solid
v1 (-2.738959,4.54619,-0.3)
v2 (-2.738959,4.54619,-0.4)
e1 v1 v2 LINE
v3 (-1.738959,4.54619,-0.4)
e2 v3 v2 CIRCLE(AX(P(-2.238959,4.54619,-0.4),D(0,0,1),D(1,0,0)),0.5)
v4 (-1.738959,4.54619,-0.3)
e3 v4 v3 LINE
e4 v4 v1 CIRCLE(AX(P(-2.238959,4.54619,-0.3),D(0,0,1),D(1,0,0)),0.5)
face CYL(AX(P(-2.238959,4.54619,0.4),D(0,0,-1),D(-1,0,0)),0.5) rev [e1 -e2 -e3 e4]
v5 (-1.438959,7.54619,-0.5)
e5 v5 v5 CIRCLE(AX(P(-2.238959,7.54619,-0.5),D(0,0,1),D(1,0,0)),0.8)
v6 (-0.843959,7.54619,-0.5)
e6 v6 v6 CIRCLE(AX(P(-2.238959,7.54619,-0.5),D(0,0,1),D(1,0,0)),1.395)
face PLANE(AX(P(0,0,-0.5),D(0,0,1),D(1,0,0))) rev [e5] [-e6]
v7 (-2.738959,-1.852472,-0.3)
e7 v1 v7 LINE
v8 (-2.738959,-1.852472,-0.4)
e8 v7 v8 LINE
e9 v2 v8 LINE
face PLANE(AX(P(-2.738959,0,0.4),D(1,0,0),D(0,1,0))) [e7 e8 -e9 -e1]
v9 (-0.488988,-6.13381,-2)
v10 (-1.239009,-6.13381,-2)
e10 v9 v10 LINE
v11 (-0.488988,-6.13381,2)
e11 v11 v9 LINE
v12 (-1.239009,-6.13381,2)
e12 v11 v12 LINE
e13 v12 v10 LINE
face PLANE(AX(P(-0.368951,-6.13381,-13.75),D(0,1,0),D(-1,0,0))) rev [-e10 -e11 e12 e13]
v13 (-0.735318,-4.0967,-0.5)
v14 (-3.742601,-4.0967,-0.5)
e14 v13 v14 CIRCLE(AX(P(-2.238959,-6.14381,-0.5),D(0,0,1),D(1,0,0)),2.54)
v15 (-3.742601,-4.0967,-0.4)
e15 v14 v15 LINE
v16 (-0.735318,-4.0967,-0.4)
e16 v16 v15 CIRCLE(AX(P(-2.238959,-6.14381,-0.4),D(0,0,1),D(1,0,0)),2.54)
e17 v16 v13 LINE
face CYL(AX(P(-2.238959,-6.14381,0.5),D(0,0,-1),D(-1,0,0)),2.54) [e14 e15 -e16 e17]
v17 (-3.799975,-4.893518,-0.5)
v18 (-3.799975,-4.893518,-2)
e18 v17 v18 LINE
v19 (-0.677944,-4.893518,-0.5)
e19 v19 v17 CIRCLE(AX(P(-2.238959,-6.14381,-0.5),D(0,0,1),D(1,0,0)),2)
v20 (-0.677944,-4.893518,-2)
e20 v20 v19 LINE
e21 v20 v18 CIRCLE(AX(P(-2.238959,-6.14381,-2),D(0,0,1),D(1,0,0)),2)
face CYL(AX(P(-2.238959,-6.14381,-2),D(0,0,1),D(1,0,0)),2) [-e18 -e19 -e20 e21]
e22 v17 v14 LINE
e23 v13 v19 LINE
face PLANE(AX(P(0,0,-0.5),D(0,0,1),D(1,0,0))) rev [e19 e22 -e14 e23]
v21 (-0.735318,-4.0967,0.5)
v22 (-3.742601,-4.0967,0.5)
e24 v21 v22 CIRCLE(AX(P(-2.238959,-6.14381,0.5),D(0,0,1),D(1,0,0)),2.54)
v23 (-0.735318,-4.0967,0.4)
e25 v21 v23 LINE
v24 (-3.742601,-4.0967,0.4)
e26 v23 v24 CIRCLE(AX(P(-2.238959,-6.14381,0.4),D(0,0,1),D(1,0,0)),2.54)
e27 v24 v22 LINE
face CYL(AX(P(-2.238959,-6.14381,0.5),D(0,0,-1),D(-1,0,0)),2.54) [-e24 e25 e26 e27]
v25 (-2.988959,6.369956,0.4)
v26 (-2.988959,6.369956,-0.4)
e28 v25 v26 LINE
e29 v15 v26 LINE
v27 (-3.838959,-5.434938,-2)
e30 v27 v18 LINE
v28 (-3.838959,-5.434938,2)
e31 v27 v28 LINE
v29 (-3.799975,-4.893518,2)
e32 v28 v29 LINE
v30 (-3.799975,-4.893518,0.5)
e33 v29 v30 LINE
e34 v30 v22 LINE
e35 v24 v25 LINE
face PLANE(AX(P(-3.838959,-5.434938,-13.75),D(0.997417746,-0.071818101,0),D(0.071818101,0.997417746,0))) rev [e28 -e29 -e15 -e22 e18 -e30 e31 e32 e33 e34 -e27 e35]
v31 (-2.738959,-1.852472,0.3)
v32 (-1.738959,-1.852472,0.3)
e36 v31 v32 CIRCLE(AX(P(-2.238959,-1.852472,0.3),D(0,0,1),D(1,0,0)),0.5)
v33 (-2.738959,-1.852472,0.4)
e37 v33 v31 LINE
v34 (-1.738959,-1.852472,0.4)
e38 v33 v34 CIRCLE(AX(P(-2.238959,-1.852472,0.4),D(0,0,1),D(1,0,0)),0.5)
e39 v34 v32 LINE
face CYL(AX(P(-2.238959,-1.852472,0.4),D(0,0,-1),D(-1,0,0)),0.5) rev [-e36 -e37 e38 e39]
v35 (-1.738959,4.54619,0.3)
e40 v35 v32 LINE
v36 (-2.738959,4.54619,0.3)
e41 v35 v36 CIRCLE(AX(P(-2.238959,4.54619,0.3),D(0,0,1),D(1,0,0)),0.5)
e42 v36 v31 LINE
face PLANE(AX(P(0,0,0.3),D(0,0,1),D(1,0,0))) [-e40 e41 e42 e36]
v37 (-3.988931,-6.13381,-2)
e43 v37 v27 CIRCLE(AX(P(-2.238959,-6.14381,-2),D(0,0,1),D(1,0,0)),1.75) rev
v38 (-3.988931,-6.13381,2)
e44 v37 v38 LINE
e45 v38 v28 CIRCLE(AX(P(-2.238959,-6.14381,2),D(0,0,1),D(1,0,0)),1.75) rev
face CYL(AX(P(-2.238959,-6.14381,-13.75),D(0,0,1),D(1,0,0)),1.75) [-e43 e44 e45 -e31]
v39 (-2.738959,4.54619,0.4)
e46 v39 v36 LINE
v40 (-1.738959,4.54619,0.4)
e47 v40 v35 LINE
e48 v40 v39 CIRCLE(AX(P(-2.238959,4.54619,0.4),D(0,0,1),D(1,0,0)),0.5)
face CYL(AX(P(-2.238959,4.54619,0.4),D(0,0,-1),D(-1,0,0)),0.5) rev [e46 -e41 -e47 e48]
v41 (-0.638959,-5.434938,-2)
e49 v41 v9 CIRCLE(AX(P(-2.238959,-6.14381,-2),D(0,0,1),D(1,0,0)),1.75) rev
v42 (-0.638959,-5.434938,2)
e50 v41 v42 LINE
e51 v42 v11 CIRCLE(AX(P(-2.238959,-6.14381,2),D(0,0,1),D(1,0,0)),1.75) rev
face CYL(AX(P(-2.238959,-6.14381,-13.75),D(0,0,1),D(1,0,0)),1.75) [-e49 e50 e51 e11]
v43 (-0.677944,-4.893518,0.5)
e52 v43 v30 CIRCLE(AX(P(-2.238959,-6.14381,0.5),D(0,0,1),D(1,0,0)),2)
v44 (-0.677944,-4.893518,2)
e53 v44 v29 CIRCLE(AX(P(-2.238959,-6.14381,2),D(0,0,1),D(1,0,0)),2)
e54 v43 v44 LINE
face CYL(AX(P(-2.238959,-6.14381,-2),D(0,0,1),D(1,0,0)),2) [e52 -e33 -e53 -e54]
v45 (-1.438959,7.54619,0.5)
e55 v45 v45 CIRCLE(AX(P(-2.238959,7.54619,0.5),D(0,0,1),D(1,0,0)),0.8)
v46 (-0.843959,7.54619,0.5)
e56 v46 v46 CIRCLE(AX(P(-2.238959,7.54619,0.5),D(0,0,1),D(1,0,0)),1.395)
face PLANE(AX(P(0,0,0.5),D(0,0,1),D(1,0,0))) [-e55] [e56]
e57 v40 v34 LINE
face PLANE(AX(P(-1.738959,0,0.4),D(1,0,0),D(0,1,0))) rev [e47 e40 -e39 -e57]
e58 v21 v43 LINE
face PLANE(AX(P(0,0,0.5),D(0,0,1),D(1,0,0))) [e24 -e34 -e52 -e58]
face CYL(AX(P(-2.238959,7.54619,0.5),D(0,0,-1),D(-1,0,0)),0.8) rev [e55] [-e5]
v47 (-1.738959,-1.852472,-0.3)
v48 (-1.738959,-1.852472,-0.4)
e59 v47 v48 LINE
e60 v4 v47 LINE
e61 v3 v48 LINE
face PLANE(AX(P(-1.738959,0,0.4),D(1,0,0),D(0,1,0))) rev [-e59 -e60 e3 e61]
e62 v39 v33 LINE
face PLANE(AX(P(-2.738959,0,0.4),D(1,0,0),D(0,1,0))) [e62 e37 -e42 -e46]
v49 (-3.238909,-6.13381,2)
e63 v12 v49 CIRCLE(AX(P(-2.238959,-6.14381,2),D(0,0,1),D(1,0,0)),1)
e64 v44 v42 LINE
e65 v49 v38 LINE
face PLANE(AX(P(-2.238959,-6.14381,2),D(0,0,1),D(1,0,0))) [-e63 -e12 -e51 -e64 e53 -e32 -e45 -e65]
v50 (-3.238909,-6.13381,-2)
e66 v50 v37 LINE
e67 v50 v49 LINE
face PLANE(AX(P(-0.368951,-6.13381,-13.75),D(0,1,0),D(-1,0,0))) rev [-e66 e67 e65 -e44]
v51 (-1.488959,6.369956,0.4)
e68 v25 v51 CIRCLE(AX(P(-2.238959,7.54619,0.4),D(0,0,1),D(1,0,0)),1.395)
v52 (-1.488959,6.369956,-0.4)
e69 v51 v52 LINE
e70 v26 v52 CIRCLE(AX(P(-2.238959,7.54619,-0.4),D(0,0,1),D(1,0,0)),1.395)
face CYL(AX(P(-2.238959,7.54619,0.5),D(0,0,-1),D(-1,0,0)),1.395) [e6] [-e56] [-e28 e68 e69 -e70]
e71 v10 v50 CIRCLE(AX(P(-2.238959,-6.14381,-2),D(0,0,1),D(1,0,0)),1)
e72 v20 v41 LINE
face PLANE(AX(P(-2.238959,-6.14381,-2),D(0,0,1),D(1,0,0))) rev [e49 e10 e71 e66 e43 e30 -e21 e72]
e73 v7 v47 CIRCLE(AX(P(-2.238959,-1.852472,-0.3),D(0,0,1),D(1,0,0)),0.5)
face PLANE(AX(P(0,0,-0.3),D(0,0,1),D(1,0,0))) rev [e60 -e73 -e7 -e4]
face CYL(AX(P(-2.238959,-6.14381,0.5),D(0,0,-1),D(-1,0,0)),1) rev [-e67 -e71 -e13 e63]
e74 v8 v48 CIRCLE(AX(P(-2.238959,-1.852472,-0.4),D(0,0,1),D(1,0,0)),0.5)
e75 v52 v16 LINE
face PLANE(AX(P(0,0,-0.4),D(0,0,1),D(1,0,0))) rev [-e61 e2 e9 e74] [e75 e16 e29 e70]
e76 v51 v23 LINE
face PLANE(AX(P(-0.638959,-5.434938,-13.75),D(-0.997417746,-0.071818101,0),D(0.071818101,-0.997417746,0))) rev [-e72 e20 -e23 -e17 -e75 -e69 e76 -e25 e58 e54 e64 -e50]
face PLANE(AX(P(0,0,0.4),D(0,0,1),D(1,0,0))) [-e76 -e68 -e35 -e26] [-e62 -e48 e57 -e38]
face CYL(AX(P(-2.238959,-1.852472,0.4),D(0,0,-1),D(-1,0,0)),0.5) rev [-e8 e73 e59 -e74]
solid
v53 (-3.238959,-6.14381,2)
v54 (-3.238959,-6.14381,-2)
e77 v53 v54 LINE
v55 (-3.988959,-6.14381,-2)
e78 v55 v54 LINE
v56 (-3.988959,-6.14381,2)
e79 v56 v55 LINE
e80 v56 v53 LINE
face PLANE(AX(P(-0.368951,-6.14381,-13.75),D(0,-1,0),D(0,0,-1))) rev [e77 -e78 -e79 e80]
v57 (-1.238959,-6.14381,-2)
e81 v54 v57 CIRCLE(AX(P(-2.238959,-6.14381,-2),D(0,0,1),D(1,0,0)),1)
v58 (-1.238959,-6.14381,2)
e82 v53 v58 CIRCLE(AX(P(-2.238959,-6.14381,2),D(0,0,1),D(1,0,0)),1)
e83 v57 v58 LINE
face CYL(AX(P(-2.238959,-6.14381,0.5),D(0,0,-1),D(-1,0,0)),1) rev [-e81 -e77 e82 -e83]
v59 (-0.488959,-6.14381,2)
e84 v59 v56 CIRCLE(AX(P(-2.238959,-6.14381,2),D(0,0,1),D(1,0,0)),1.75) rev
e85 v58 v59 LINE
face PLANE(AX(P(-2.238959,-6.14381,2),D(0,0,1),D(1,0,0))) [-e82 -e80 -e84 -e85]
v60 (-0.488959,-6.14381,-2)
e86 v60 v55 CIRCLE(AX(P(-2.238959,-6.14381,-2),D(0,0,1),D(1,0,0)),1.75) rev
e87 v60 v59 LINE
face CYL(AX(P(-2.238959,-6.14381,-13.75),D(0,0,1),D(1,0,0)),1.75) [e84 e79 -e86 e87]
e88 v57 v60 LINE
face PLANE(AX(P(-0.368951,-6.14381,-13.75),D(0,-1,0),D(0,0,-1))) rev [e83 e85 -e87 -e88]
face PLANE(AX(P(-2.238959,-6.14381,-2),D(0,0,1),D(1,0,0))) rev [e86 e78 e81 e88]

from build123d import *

# Parameters (mm, degrees)
SKETCH2_R                = 1.395
SKETCH2_R_2              = 0.8
BOSS_EXTRUDE1_DEPTH      = 0.5
SKETCH2_R_3              = 2.54
SKETCH2_R_4              = 1
BOSS_EXTRUDE1_2_DEPTH    = 0.5
BOSS_EXTRUDE2_DEPTH      = 0.4
BOSS_EXTRUDE3_DEPTH      = 0.3
BOSS_EXTRUDE4_DEPTH      = 1.5
BOSS_EXTRUDE4_DEPTH_BACK = 2.5
SKETCH3_R                = 2
SKETCH3_R_2              = 1
CUT_EXTRUDE1_DEPTH       = 15.75
SKETCH5_W                = 4.687829616
SKETCH5_H                = 0.01
CUT_EXTRUDE2_DEPTH       = 15.75


with BuildPart() as part:
    # Sketch2 → Boss-Extrude1 (new, symmetric)
    with BuildSketch(Plane.XY):
        with Locations((-2.238959124, 7.546189547)):
            Circle(SKETCH2_R)
        with Locations((-2.238959124, 7.546189547)):
            Circle(SKETCH2_R_2, mode=Mode.SUBTRACT)
    extrude(amount=BOSS_EXTRUDE1_DEPTH, both=True)



with BuildPart() as body_2:
    # Sketch2 → Boss-Extrude1 2 (new, symmetric)
    with BuildSketch(Plane.XY):
        with Locations((-2.238959124, -6.143810453)):
            Circle(SKETCH2_R_3)
        with Locations((-2.238959124, -6.143810453)):
            Circle(SKETCH2_R_4, mode=Mode.SUBTRACT)
    extrude(amount=BOSS_EXTRUDE1_2_DEPTH, both=True)


with BuildPart() as part_1:
    add(part.part)

    add(body_2.part)  # Boss-Extrude2 merges body 2
    # Sketch2<4> → Boss-Extrude2 (add, symmetric)
    with BuildSketch(Plane.XY):
        with BuildLine():
            Line((-2.988959124, 6.369956152), (-3.888959124, -4.212722677))
            ThreePointArc((-3.888959124, -4.212722677), (-2.238959124, -3.603810453), (-0.588959124, -4.212722677))
            Line((-0.588959124, -4.212722677), (-1.488959124, 6.369956152))
            ThreePointArc((-1.488959124, 6.369956152), (-2.238959124, 6.151189547), (-2.988959124, 6.369956152))
        make_face()
        with BuildLine():
            ThreePointArc((-2.738959124, 4.546189547), (-2.238959124, 5.046189547), (-1.738959124, 4.546189547))
            Line((-1.738959124, 4.546189547), (-1.738959124, -1.852472132))
            ThreePointArc((-1.738959124, -1.852472132), (-2.238959124, -2.352472132), (-2.738959124, -1.852472132))
            Line((-2.738959124, -1.852472132), (-2.738959124, 4.546189547))
        make_face(mode=Mode.SUBTRACT)
    extrude(amount=BOSS_EXTRUDE2_DEPTH, both=True)

    # Sketch2<5> → Boss-Extrude3 (add, symmetric)
    with BuildSketch(Plane.XY):
        with BuildLine():
            ThreePointArc((-1.738959124, 4.546189547), (-2.238959124, 5.046189547), (-2.738959124, 4.546189547))
            Line((-2.738959124, 4.546189547), (-2.738959124, -1.852472132))
            ThreePointArc((-2.738959124, -1.852472132), (-2.238959124, -2.352472132), (-1.738959124, -1.852472132))
            Line((-1.738959124, -1.852472132), (-1.738959124, 4.546189547))
        make_face()
    extrude(amount=BOSS_EXTRUDE3_DEPTH, both=True)

    # Sketch3 → Boss-Extrude4 (add, two sides: drawn at the far end of the back side and taken through both)
    with BuildSketch(Plane.XY.offset(0.5).offset(-BOSS_EXTRUDE4_DEPTH_BACK)):
        with Locations((-2.238959124, -6.143810453)):
            Circle(SKETCH3_R)
        with Locations((-2.238959124, -6.143810453)):
            Circle(SKETCH3_R_2, mode=Mode.SUBTRACT)
    extrude(amount=BOSS_EXTRUDE4_DEPTH + BOSS_EXTRUDE4_DEPTH_BACK)

    # Sketch4 → Cut-Extrude1 (cut, symmetric)
    with BuildSketch(Plane.XY.offset(2)):
        with BuildLine():
            Line((-5.204168886, -4.2843667), (-2.988959124, 6.369956152))
            Line((-2.988959124, 6.369956152), (-3.838959124, -5.434938109))
            ThreePointArc((-3.838959124, -5.434938109), (-2.238959124, -7.893810453), (-0.638959124, -5.434938109))
            Line((-0.638959124, -5.434938109), (-1.488959124, 6.369956152))
            Line((-1.488959124, 6.369956152), (0.726250638, -4.2843667))
            ThreePointArc((0.726250638, -4.2843667), (-2.238959124, -9.643810453), (-5.204168886, -4.2843667))
        make_face()
    extrude(amount=CUT_EXTRUDE1_DEPTH, both=True, mode=Mode.SUBTRACT)

    # Sketch5 → Cut-Extrude2 (cut, symmetric)
    with BuildSketch(Plane.XY.offset(2)):
        with Locations((-2.712865397, -6.138810453)):
            Rectangle(SKETCH5_W, SKETCH5_H)
    extrude(amount=CUT_EXTRUDE2_DEPTH, both=True, mode=Mode.SUBTRACT)


with BuildPart() as cut_extrude2_piece_1:
    # of the separate pieces the step leaves, piece 1, a body of its own (cut_extrude2_pieces)
    add(part_1.part.solids().sort_by_distance((-0.735317687, -4.096699702, -0.5))[0])


with BuildPart() as cut_extrude2_piece_2:
    # of the separate pieces the step leaves, piece 2, a body of its own (cut_extrude2_pieces)
    add(part_1.part.solids().sort_by_distance((-3.988959124, -6.143810453, 2))[0])


solid = Compound([cut_extrude2_piece_1.part, cut_extrude2_piece_2.part])
